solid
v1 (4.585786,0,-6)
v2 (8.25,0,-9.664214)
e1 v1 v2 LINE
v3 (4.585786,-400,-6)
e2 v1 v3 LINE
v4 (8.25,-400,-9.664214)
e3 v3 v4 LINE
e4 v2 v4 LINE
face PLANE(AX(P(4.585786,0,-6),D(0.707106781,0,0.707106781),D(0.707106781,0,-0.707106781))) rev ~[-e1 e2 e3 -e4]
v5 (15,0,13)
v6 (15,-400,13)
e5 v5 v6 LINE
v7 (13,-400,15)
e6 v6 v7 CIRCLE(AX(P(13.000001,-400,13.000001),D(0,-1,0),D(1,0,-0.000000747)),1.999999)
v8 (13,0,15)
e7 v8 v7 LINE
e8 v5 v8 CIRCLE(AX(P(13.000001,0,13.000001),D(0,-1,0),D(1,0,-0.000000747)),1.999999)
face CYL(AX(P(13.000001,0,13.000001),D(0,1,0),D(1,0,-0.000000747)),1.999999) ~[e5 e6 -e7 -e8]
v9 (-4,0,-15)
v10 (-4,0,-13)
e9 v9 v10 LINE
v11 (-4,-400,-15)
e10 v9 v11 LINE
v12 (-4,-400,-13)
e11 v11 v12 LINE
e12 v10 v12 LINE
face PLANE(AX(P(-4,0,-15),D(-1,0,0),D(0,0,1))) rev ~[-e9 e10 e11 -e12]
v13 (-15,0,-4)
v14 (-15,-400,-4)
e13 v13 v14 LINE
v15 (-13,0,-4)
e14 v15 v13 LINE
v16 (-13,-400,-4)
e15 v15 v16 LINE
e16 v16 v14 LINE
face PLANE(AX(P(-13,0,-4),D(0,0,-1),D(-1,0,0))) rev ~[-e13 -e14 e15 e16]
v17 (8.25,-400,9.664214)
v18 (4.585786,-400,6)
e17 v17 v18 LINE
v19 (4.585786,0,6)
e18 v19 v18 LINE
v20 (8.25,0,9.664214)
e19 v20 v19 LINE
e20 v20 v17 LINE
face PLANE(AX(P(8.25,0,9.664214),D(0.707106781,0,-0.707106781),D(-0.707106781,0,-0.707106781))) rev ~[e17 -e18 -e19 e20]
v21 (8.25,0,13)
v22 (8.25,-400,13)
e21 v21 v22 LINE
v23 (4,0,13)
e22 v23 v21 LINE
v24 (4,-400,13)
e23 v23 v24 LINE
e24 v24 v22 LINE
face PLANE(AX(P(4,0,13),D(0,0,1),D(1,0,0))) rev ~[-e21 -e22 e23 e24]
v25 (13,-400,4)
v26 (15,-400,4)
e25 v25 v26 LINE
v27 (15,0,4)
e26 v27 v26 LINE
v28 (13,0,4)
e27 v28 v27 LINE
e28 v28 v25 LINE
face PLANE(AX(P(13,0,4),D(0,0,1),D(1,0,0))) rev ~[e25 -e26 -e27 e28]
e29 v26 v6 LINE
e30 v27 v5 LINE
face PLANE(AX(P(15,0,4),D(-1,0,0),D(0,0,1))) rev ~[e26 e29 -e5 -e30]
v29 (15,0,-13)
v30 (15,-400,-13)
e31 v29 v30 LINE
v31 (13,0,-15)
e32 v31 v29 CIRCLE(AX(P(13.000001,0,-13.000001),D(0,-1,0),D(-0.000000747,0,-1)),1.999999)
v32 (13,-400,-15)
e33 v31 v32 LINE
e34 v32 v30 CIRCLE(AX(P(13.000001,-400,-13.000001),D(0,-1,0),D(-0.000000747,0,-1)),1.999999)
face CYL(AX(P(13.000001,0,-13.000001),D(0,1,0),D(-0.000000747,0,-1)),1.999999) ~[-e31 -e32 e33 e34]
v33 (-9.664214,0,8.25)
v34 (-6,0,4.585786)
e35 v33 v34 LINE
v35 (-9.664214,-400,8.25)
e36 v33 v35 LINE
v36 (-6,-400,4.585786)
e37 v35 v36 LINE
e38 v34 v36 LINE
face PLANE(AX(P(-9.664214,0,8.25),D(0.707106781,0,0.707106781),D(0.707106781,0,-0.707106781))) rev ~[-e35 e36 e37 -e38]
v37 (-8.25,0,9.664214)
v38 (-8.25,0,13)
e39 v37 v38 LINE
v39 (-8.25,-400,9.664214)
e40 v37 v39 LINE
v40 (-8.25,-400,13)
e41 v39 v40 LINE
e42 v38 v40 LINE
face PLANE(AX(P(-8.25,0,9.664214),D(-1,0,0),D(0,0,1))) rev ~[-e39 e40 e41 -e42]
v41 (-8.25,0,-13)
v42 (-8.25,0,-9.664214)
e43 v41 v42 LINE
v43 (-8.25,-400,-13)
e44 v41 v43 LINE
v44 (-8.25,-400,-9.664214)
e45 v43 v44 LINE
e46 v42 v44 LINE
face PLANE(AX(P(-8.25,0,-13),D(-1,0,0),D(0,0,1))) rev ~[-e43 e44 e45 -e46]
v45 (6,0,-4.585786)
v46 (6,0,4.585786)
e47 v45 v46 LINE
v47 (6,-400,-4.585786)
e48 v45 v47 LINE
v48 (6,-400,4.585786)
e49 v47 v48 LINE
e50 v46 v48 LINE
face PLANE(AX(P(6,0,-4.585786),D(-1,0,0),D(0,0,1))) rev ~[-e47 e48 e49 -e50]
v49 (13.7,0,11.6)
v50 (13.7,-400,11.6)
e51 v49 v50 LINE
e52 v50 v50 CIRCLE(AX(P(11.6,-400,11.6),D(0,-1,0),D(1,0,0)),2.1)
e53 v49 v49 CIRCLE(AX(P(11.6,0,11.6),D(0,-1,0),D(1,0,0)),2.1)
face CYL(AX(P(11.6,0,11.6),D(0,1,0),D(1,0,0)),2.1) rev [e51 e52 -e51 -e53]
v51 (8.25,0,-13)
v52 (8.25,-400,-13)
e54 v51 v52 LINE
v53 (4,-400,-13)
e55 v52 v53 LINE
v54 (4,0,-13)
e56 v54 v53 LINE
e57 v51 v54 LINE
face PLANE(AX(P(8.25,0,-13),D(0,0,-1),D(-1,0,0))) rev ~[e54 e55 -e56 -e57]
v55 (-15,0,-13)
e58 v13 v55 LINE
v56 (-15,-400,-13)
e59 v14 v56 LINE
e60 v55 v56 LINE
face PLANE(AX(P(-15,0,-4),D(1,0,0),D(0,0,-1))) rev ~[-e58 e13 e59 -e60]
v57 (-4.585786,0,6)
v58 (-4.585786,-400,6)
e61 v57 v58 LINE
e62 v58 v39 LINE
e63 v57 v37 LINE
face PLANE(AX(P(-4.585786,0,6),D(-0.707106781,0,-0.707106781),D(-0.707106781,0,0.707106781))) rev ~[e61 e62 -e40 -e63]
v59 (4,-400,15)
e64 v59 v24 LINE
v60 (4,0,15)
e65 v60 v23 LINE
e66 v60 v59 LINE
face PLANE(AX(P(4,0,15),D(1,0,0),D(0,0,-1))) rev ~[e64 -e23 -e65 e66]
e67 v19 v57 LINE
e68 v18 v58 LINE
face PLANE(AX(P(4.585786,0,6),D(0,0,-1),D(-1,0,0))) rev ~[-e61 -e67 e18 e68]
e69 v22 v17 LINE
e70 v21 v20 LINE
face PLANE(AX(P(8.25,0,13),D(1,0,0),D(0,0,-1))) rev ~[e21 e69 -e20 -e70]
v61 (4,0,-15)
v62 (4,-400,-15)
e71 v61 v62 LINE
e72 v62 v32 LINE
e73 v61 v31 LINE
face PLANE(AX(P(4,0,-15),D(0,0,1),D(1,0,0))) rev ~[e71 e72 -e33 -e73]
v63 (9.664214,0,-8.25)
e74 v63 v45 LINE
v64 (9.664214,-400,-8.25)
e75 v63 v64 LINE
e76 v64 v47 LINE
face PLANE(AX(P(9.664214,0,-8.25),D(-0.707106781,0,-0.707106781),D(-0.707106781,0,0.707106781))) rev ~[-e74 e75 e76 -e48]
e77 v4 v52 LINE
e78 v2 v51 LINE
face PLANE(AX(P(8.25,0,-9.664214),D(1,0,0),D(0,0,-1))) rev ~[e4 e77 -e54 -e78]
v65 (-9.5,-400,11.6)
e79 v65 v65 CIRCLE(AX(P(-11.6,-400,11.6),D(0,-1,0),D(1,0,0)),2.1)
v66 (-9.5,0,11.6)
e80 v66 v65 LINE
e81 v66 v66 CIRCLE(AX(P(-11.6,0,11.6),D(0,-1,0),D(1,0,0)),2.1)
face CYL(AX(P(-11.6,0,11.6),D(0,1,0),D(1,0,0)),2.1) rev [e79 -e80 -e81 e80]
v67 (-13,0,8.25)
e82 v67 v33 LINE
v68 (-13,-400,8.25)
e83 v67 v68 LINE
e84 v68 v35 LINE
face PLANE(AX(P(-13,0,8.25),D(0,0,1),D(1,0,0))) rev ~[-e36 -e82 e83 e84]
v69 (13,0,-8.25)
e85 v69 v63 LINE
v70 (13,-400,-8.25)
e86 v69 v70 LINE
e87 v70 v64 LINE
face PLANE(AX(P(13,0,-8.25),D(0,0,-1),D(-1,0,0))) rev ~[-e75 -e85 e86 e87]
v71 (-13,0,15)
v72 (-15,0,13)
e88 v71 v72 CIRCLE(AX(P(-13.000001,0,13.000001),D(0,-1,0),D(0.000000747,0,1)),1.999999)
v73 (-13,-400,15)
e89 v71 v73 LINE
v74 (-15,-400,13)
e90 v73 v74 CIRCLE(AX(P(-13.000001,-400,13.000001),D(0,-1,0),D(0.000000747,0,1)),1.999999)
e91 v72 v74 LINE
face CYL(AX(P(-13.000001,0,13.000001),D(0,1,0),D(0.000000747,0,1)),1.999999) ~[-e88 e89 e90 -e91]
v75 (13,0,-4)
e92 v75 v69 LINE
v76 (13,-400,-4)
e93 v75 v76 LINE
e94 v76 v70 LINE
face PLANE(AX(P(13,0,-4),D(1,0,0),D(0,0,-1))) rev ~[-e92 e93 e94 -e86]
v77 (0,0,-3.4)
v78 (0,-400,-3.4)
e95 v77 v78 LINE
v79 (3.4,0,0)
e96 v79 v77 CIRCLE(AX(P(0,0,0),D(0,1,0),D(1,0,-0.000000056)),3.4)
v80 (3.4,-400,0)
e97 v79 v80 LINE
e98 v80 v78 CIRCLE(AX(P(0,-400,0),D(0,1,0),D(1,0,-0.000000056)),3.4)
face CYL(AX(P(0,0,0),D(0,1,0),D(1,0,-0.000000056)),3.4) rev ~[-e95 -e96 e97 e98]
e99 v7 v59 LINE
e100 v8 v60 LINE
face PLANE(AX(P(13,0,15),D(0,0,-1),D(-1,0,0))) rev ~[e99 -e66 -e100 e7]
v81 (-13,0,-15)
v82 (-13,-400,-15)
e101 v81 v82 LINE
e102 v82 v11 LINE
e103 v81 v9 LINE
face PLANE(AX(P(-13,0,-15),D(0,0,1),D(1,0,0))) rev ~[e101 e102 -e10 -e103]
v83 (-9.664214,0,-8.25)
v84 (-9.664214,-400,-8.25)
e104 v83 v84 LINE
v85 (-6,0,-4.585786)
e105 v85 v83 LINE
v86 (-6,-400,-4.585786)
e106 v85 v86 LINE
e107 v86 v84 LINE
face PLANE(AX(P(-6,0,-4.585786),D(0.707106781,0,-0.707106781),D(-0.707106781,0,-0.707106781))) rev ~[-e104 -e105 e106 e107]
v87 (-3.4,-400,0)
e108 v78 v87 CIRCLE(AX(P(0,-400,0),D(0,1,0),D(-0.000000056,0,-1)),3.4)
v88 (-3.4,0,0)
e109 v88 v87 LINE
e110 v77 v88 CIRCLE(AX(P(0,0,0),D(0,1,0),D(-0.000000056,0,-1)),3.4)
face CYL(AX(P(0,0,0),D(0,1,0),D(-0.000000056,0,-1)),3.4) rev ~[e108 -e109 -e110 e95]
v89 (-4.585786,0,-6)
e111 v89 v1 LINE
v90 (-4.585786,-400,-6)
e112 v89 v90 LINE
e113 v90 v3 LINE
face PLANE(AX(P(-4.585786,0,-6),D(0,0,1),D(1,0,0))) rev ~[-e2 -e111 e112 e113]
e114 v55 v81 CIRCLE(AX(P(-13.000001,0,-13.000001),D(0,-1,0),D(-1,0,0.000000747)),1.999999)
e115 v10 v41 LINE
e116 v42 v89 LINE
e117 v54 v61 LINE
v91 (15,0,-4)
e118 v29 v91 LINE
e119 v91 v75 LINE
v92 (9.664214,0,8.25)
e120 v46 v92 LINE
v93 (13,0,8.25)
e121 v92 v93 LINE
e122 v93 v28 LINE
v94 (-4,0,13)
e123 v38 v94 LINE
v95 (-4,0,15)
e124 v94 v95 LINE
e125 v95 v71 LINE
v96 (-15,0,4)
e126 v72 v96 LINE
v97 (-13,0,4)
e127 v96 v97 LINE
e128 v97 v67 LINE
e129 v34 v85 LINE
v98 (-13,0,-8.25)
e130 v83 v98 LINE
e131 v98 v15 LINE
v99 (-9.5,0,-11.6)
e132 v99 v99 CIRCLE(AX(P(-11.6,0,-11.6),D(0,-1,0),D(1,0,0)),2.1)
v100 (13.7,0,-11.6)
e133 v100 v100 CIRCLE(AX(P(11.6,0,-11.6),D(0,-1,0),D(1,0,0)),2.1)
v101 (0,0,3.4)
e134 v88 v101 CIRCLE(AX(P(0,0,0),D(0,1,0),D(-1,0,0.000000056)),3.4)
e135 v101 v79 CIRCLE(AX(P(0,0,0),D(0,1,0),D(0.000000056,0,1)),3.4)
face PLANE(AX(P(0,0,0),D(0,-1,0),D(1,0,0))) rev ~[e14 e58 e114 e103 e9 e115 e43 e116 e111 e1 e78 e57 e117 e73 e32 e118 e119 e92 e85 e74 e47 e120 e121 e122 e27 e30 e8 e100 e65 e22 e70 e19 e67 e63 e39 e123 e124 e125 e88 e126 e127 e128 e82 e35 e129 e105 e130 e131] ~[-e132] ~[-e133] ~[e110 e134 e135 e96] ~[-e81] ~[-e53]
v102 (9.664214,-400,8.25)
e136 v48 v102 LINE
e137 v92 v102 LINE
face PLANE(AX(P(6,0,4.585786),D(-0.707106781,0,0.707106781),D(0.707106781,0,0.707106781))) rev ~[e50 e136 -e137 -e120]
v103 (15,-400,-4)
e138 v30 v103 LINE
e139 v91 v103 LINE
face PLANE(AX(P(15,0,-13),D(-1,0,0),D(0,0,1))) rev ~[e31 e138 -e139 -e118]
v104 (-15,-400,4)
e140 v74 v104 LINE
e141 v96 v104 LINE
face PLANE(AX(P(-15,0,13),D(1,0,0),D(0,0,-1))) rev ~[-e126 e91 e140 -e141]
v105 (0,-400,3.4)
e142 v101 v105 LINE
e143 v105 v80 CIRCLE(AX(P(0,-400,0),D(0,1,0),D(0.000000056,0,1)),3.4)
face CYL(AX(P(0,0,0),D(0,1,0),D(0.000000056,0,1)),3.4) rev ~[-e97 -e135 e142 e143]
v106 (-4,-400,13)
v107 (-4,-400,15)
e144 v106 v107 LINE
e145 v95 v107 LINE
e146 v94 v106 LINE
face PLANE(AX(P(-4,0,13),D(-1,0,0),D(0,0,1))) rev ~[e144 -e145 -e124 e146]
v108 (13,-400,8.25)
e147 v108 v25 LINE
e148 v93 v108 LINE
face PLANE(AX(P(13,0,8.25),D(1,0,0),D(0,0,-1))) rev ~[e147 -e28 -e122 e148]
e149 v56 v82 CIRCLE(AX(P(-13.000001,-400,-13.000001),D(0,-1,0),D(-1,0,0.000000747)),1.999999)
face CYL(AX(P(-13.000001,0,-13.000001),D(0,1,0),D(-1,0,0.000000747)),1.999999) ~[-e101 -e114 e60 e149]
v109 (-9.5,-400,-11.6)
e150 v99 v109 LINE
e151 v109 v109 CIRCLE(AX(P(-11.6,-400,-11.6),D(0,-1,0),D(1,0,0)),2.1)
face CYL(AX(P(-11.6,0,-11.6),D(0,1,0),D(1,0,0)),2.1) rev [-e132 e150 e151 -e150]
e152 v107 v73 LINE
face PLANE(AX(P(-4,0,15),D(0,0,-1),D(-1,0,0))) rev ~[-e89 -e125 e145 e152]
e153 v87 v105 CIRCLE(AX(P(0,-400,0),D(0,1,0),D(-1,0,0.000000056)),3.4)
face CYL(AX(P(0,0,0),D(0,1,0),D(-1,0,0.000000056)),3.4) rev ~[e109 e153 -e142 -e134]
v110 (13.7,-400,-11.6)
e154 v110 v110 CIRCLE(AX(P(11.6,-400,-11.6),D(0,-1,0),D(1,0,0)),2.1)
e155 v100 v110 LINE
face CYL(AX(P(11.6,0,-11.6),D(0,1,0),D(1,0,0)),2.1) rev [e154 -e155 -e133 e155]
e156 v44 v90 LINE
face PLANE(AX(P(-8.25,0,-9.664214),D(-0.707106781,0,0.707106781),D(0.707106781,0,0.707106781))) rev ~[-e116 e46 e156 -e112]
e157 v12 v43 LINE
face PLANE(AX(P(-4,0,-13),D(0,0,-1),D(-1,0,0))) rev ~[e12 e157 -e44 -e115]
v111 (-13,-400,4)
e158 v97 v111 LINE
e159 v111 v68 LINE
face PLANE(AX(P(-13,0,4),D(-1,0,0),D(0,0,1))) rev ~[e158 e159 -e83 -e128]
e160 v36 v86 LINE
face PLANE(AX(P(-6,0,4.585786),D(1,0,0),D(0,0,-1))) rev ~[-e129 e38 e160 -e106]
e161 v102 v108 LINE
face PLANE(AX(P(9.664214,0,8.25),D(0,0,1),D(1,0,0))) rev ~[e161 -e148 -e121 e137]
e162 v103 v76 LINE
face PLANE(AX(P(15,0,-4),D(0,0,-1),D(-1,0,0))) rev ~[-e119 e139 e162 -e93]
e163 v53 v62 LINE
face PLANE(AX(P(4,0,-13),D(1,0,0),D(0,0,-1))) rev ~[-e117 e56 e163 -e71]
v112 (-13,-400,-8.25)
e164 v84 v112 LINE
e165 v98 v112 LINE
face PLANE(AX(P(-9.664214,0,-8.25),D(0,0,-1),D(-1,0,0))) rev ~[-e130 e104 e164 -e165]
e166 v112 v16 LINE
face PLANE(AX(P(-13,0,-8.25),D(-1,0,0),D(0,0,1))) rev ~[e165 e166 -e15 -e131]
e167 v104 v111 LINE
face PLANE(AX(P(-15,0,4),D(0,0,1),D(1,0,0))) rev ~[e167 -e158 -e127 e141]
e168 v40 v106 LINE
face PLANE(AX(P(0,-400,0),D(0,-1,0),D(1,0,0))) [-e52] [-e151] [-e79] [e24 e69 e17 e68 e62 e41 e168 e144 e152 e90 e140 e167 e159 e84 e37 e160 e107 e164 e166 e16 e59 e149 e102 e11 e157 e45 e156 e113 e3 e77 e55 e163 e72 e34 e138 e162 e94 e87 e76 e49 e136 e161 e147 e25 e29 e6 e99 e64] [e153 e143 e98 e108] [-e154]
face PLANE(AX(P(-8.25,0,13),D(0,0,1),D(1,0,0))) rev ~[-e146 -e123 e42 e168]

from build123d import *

# Parameters (mm, degrees)
F0_R     = 2.1
F1_DEPTH = 400


with BuildPart() as f1:
    # F0 (on Front) → F1 (new body)
    with BuildSketch(Plane.XZ):
        with BuildLine():
            Line((4.585786, 6), (0, 6))
            Line((0, 6), (-4.585786, 6))
            Line((-4.585786, 6), (-8.25, 9.664214))
            Line((-8.25, 9.664214), (-8.25, 13))
            Line((-8.25, 13), (-4, 13))
            Line((-4, 13), (-4, 15))
            Line((-4, 15), (-13, 15))
            ThreePointArc((-13, 15), (-14.414214, 14.414214), (-15, 13))
            Line((-15, 13), (-15, 4))
            Line((-15, 4), (-13, 4))
            Line((-13, 4), (-13, 8.25))
            Line((-13, 8.25), (-9.664214, 8.25))
            Line((-9.664214, 8.25), (-6, 4.585786))
            Line((-6, 4.585786), (-6, 0))
            Line((-6, 0), (-6, -4.585786))
            Line((-6, -4.585786), (-9.664214, -8.25))
            Line((-9.664214, -8.25), (-13, -8.25))
            Line((-13, -8.25), (-13, -4))
            Line((-13, -4), (-15, -4))
            Line((-15, -4), (-15, -13))
            ThreePointArc((-15, -13), (-14.414214, -14.414214), (-13, -15))
            Line((-13, -15), (-4, -15))
            Line((-4, -15), (-4, -13))
            Line((-4, -13), (-8.25, -13))
            Line((-8.25, -13), (-8.25, -9.664214))
            Line((-8.25, -9.664214), (-4.585786, -6))
            Line((-4.585786, -6), (0, -6))
            Line((0, -6), (4.585786, -6))
            Line((4.585786, -6), (8.25, -9.664214))
            Line((8.25, -9.664214), (8.25, -13))
            Line((8.25, -13), (4, -13))
            Line((4, -13), (4, -15))
            Line((4, -15), (13, -15))
            ThreePointArc((13, -15), (14.414214, -14.414214), (15, -13))
            Line((15, -13), (15, -4))
            Line((15, -4), (13, -4))
            Line((13, -4), (13, -8.25))
            Line((13, -8.25), (9.664214, -8.25))
            Line((9.664214, -8.25), (6, -4.585786))
            Line((6, -4.585786), (6, 0))
            Line((6, 0), (6, 4.585786))
            Line((6, 4.585786), (9.664214, 8.25))
            Line((9.664214, 8.25), (13, 8.25))
            Line((13, 8.25), (13, 4))
            Line((13, 4), (15, 4))
            Line((15, 4), (15, 13))
            ThreePointArc((15, 13), (14.414214, 14.414214), (13, 15))
            Line((13, 15), (4, 15))
            Line((4, 15), (4, 13))
            Line((4, 13), (8.25, 13))
            Line((8.25, 13), (8.25, 9.664214))
            Line((8.25, 9.664214), (4.585786, 6))
        make_face()
        with Locations((-11.6, -11.6)):
            Circle(F0_R, mode=Mode.SUBTRACT)
        with Locations((11.6, -11.6)):
            Circle(F0_R, mode=Mode.SUBTRACT)
        with Locations((-11.6, 11.6)):
            Circle(F0_R, mode=Mode.SUBTRACT)
        with BuildLine():
            ThreePointArc((-3.4, 0), (-2.404163, 2.404163), (0, 3.4))
            ThreePointArc((0, 3.4), (2.404163, 2.404163), (3.4, 0))
            ThreePointArc((3.4, 0), (2.404163, -2.404163), (0, -3.4))
            ThreePointArc((0, -3.4), (-2.404163, -2.404163), (-3.4, 0))
        make_face(mode=Mode.SUBTRACT)
        with Locations((11.6, 11.6)):
            Circle(F0_R, mode=Mode.SUBTRACT)
    extrude(amount=F1_DEPTH)


solid = f1.part
